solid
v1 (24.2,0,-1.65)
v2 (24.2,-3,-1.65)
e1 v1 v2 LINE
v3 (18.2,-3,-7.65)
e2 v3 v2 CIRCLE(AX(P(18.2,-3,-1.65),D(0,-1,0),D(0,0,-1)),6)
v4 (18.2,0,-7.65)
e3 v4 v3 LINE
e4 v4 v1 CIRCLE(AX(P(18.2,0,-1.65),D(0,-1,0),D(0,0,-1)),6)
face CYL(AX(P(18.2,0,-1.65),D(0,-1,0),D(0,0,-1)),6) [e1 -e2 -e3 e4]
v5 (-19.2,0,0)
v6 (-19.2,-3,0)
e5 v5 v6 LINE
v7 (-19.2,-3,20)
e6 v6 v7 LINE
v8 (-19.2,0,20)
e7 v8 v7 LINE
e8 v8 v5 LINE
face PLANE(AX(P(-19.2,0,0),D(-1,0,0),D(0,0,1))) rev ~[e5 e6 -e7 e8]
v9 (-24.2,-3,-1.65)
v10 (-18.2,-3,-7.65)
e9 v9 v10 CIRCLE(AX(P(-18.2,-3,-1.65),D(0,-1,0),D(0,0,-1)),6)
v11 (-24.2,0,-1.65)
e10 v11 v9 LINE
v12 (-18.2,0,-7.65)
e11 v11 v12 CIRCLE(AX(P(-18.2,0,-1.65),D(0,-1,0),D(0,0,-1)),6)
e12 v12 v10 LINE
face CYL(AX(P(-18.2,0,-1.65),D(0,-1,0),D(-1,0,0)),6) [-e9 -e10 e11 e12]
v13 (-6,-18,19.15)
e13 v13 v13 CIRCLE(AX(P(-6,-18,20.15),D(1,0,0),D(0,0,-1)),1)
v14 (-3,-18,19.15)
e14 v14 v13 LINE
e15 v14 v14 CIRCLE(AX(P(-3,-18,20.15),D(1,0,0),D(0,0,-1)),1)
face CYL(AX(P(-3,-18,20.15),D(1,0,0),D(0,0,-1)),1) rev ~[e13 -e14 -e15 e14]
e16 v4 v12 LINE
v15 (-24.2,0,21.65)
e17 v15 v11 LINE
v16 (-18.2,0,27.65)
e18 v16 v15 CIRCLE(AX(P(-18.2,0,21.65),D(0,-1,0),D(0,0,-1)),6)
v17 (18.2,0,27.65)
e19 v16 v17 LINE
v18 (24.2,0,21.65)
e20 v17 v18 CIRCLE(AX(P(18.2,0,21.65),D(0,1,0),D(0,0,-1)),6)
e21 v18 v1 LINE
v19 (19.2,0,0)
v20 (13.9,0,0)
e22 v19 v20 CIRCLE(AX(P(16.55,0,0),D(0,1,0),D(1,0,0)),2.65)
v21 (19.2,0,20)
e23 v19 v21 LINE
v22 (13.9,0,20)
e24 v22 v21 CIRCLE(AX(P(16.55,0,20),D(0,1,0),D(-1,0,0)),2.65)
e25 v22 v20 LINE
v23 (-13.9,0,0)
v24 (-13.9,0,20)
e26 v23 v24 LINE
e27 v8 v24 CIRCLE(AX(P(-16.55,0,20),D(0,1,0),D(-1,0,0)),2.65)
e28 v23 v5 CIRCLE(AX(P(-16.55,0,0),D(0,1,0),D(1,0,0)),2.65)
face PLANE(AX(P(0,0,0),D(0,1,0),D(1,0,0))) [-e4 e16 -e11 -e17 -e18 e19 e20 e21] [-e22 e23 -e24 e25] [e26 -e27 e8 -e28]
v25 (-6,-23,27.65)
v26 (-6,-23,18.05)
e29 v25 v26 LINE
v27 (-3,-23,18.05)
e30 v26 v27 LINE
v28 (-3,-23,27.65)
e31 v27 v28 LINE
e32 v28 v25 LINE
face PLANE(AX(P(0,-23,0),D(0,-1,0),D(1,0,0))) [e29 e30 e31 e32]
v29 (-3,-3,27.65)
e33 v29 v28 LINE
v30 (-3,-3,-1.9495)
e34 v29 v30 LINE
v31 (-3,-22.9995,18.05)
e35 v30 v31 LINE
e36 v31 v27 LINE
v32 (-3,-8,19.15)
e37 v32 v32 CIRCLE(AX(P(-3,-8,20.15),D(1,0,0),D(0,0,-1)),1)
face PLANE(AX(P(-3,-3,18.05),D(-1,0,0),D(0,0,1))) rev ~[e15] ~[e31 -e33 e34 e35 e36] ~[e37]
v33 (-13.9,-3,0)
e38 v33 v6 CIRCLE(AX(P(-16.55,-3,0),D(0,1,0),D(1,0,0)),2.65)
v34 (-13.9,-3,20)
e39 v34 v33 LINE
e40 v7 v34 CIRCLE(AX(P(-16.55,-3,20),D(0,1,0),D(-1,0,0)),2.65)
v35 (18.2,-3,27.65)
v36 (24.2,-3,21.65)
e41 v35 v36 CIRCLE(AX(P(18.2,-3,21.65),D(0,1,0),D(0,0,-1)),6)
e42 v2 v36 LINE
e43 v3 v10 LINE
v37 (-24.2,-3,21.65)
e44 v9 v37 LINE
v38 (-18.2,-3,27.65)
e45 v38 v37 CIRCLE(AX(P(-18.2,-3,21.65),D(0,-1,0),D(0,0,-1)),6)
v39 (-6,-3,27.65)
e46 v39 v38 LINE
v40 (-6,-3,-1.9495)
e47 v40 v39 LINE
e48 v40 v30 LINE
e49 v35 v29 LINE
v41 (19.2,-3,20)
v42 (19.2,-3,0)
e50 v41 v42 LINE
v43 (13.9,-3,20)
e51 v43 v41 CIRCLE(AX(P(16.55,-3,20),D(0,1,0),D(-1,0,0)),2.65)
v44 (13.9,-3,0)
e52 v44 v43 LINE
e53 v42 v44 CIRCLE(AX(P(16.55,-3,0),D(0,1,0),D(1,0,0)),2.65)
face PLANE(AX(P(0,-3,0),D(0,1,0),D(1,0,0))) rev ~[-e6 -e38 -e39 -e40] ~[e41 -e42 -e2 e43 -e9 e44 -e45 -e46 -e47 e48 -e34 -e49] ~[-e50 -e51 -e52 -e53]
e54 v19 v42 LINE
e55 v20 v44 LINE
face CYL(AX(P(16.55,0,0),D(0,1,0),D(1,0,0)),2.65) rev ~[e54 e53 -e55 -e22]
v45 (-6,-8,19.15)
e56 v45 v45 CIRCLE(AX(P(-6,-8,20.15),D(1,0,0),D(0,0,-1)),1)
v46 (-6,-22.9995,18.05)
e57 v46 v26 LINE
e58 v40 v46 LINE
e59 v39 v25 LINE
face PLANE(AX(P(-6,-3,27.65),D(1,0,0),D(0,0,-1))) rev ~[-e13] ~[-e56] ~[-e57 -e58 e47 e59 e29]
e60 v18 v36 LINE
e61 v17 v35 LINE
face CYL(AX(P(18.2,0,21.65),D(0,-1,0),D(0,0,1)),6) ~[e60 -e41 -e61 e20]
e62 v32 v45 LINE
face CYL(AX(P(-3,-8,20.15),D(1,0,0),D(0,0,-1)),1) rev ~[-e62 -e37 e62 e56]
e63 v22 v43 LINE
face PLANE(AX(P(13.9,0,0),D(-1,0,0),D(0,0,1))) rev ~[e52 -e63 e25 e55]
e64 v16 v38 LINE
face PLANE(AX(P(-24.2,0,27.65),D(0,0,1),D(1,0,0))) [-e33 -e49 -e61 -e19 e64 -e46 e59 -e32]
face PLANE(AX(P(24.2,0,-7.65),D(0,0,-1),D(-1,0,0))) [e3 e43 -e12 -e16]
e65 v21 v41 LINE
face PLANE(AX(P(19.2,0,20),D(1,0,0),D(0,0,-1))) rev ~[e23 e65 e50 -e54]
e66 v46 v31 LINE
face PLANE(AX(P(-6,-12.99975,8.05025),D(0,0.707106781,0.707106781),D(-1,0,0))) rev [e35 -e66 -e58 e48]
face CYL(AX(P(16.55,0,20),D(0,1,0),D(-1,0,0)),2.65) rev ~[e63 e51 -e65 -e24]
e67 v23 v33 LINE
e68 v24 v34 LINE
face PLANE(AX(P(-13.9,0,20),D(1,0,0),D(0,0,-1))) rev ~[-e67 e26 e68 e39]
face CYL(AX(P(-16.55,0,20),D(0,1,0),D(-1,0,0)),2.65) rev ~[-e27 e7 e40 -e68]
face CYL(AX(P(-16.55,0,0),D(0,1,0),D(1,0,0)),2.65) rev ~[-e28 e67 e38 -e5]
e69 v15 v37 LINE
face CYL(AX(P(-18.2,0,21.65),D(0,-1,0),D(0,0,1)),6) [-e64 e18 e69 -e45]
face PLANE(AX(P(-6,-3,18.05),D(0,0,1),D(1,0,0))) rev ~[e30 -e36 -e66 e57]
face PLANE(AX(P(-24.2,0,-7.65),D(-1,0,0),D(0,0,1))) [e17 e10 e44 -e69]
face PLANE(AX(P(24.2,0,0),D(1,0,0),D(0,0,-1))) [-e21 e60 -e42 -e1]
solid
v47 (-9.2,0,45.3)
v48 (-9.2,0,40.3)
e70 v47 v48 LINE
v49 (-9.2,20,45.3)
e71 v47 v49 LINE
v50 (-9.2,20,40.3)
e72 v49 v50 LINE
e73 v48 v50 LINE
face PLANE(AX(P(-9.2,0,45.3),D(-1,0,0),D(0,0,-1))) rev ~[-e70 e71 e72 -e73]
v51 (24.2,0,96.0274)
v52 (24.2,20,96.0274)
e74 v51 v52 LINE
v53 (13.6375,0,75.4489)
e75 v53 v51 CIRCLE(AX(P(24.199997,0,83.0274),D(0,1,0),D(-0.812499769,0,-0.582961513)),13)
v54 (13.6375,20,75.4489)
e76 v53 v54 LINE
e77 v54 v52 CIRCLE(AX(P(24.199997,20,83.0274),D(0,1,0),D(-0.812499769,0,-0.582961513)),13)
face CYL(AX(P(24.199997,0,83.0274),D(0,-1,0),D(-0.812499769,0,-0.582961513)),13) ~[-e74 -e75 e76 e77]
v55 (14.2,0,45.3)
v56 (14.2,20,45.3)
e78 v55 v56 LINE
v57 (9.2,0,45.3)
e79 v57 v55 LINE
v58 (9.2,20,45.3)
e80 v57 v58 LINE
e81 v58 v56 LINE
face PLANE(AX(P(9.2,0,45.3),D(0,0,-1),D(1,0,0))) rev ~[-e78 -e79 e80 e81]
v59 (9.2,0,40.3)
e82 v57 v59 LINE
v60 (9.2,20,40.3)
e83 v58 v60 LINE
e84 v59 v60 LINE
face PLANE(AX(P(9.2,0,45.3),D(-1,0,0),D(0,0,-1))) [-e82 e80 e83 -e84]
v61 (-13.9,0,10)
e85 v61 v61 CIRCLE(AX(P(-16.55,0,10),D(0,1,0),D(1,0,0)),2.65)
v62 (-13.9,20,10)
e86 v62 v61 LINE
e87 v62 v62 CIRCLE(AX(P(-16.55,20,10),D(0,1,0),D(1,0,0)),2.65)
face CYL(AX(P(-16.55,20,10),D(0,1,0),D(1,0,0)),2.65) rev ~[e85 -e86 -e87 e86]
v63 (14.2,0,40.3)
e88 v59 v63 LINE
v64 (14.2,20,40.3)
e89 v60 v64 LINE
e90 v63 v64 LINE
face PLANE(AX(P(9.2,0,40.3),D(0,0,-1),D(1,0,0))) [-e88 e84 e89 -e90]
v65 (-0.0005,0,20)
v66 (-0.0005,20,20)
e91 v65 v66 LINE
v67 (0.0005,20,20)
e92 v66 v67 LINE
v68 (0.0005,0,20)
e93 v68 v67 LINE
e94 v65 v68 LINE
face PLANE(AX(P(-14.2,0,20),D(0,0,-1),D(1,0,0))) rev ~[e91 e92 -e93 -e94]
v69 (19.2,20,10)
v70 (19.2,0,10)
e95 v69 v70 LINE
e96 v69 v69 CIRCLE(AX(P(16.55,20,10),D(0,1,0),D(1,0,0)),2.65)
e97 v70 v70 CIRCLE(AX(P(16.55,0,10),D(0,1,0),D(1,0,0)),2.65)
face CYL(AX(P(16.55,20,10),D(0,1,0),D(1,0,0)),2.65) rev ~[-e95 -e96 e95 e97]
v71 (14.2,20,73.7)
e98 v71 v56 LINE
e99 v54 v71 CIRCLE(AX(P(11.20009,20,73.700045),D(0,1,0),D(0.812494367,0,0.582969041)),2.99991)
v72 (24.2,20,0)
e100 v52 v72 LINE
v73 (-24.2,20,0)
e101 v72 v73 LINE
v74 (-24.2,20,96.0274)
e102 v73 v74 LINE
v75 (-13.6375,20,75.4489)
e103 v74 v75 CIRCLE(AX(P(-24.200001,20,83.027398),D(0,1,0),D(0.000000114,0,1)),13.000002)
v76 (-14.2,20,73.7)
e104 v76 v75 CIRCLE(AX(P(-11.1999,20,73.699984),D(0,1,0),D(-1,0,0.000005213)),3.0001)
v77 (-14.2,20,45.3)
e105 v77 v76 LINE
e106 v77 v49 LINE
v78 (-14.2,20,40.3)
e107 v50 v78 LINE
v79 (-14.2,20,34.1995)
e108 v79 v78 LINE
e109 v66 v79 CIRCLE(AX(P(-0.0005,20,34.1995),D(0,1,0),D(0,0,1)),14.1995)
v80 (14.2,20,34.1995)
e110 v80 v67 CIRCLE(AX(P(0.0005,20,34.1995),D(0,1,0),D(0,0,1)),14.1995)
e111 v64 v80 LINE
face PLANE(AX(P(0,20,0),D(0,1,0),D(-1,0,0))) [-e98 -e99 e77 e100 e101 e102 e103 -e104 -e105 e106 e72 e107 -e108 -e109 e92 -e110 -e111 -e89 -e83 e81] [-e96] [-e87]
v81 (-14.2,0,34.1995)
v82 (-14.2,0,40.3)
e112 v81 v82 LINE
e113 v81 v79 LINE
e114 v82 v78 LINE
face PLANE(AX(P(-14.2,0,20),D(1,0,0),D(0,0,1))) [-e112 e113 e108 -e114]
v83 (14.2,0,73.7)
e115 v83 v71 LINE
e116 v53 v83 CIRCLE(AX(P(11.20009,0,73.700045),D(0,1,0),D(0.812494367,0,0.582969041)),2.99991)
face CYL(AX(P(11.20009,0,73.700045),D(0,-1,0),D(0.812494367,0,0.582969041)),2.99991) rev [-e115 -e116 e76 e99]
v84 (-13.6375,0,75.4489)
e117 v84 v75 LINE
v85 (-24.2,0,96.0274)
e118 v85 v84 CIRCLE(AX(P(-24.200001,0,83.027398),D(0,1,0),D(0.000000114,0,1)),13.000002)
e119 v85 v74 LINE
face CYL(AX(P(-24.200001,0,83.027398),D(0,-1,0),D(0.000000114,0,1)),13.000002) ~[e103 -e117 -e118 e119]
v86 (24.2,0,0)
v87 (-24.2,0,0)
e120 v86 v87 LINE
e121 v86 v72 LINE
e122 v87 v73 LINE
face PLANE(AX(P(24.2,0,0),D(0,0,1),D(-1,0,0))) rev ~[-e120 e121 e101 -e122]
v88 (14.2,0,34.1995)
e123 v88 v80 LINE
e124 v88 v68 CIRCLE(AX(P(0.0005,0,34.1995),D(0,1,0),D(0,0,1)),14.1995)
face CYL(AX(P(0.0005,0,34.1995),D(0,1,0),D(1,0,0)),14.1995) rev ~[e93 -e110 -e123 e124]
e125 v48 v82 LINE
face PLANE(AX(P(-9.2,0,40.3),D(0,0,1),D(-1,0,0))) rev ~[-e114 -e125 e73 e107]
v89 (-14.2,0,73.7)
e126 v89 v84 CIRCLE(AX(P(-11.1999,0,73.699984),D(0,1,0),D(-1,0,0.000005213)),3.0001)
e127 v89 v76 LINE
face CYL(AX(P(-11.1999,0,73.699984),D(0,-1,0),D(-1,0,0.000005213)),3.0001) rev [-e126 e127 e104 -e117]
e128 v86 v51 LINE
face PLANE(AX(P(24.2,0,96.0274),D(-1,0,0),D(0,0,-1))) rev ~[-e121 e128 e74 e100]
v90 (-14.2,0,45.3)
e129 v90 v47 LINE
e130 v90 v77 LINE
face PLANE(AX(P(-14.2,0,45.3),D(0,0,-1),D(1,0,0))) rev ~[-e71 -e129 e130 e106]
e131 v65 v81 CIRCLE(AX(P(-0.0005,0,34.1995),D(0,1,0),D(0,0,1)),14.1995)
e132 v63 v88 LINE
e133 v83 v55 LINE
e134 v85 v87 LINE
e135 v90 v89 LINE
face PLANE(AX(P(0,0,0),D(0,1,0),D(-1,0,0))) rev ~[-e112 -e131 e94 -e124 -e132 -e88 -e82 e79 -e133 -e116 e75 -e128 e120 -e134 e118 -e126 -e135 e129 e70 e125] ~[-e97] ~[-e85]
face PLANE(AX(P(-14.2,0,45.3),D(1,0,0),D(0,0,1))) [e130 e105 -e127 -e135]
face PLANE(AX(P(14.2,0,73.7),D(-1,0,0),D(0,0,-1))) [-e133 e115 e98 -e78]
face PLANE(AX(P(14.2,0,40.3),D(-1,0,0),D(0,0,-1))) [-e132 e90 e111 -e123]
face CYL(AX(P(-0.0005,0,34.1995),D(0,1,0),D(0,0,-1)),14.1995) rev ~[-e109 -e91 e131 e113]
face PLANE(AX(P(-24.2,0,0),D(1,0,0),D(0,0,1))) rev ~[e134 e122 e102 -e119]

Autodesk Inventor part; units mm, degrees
ref_plane "YZ Plane" through (0, 0, 0) normal (1, 0, 0) x (0, 1, 0)
ref_plane "XZ Plane" through (0, 0, 0) normal (0, 1, 0) x (-1, 0, 0)
ref_plane "XY Plane" through (0, 0, 0) normal (0, 0, 1) x (1, 0, 0)
sketch "Sketch1" plane through (0, 0, 0) normal (0, 1, 0) x (-1, 0, 0)
  line L0 (14.2, 73.7) -> (-14.2, 73.7) construction
  line L1 (-14.2, 73.7) -> (-14.2, 20)
  line L2 (-14.2, 20) -> (14.2, 20) construction
  line L3 (14.2, 20) -> (14.2, 73.7)
  line L4 (-24.2, 96.0274) -> (-24.2, 20)
  line L5 (24.2, 96.0274) -> (24.2, 20)
  line L6 (-24.2, 20) -> (-14.2, 20)
  line L7 (24.2, 20) -> (14.2, 20)
  line L8 (-24.2, 0) -> (24.2, 0)
  line L9 (24.2, 0) -> (24.2, 20)
  line L10 (24.2, 20) -> (-24.2, 20)
  line L11 (-24.2, 20) -> (-24.2, 0)
  arc A0 (-13.6375, 75.4489) -> (-14.2, 73.7) centre (-11.2, 73.7) ccw
  arc A1 (14.2, 73.7) -> (13.6375, 75.4489) centre (11.2, 73.7) ccw
  arc A2 (24.2, 96.0274) -> (13.6375, 75.4489) centre (24.2, 83.0274) ccw
  arc A3 (-13.6375, 75.4489) -> (-24.2, 96.0274) centre (-24.2, 83.0274) ccw
  line L12 (11.2, 89.334) -> (11.2, 76.7208) construction
  line L13 (-11.2, 89.334) -> (-11.2, 76.7208) construction
  line L14 (-14.2, 73.7) -> (14.2, 73.7)
  line L15 (14.2, 73.7) -> (14.2, 45.3)
  line L16 (14.2, 45.3) -> (-14.2, 45.3)
  line L17 (-14.2, 45.3) -> (-14.2, 73.7)
  line L18 (-14.2, 45.3) -> (-9.2, 45.3)
  line L19 (-9.2, 45.3) -> (-9.2, 40.3)
  line L20 (-9.2, 40.3) -> (-14.2, 40.3)
  line L21 (-14.2, 40.3) -> (-14.2, 45.3)
  line L22 (14.2, 45.3) -> (9.2, 45.3)
  line L23 (9.2, 45.3) -> (9.2, 40.3)
  line L24 (9.2, 40.3) -> (14.2, 40.3)
  line L25 (14.2, 40.3) -> (14.2, 45.3)
  point P0 (0, 0)
  point P1 (0, 0)
  point P2 (-11.2, 83.0274)
  point P3 (11.2, 83.0274)
  point P4 (-11.7, 45.3)
  point P5 (-11.7, 40.3)
  dimension "d0" = 28.4
  dimension "d2" = 3
  dimension "d4" = 3
  dimension "d5" = 3
  dimension "d6" = 20
  dimension "d7" = 10
  dimension "d13" = 53.7
  dimension "d40" = 5
  dimension "d41" = 5
extrude "Extrusion1" add sketch "Sketch1" along normal blind 20 contours L1 L6 L4 A3 A0 | L16 L19 L20 L1 | A1 A2 L5 L7 L3 | L3 L24 L23 L16 | L10 L7 L9 L8 L11 L6
sketch "Sketch2" plane through (0, 20, 0) normal (0, 1, 0) x (1, 0, 0)
  line L0 (-14.2, -20) -> (14.2, -20) projected
  line L1 (0, -20) -> (0, 0) construction
  line L2 (24.2, -96.0274) -> (24.2, 0) projected
  line L3 (-24.2, 0) -> (-24.2, -96.0274) projected
  circle A0 centre (-16.55, -10) radius 2.65
  circle A1 centre (16.55, -10) radius 2.65
  line L4 (0, -10) -> (-24.2, -10) construction
  line L5 (-24.2, 0) -> (-24.2, -96.0274) projected
  line L6 (0, -10) -> (24.2, -10) construction
  dimension "d10" = 5.3
  dimension "d28" = 5
  dimension "d29" = 5
extrude "Extrusion2" cut sketch "Sketch2" against normal through all
fillet "Fillet1" radius 14.2 2 edges at (-14.2, 10, 20) (14.2, 10, 20)
sketch "Sketch4" plane through (0, 0, 0) normal (0, 1, 0) x (1, 0, 0)
  line L0 (-16.55, 0) -> (-16.55, -20) construction
  line L1 (-19.2, 0) -> (-19.2, -20)
  line L2 (-13.9, -20) -> (-13.9, 0)
  arc A0 (-13.9, 0) -> (-19.2, 0) centre (-16.55, 0) ccw
  arc A1 (-19.2, -20) -> (-13.9, -20) centre (-16.55, -20) ccw
  line L3 (16.55, 0) -> (16.55, -20) construction
  line L4 (13.9, 0) -> (13.9, -20)
  line L5 (19.2, -20) -> (19.2, 0)
  arc A2 (19.2, 0) -> (13.9, 0) centre (16.55, 0) ccw
  arc A3 (13.9, -20) -> (19.2, -20) centre (16.55, -20) ccw
  circle A4 centre (-16.55, -10) radius 2.65 projected
  circle A5 centre (16.55, -10) radius 2.65 projected
  circle A6 centre (16.55, -10) radius 2.65 projected
  circle A7 centre (-16.55, -10) radius 2.65 projected
  line L6 (-14.2, -73.7) -> (-14.2, -45.3) projected
  arc A8 (14.2, -34.2) -> (-14.2, -34.2) centre (0, -34.2) ccw projected
  line L7 (14.2, -34.2) -> (14.2, -40.3) projected
  arc A9 (13.6375, -75.4489) -> (14.2, -73.7) centre (11.2, -73.7) ccw projected
  arc A10 (13.6375, -75.4489) -> (24.2, -96.0274) centre (24.2, -83.0274) ccw projected
  line L8 (24.2, -96.0274) -> (24.2, 0) projected
  line L9 (24.2, 0) -> (-24.2, 0) projected
  line L10 (-24.2, 0) -> (-24.2, -96.0274) projected
  arc A11 (-24.2, -96.0274) -> (-13.6375, -75.4489) centre (-24.2, -83.0274) ccw projected
  arc A12 (-14.2, -73.7) -> (-13.6375, -75.4489) centre (-11.2, -73.7) ccw projected
  line L11 (-24.2, -27.65) -> (24.2, -27.65)
  line L12 (24.2, -27.65) -> (24.2, 7.65)
  line L13 (24.2, 7.65) -> (-24.2, 7.65)
  line L14 (-24.2, 7.65) -> (-24.2, -27.65)
  line L15 (-14.2, -45.3) -> (-9.2, -45.3) projected
  line L16 (-9.2, -45.3) -> (-9.2, -40.3) projected
  line L17 (-9.2, -40.3) -> (-14.2, -40.3) projected
  line L18 (-14.2, -40.3) -> (-14.2, -34.2) projected
  line L19 (14.2, -40.3) -> (9.2, -40.3) projected
  line L20 (9.2, -40.3) -> (9.2, -45.3) projected
  line L21 (9.2, -45.3) -> (14.2, -45.3) projected
  line L22 (14.2, -45.3) -> (14.2, -73.7) projected
  point P0 (0, 0)
  point P1 (-16.55, 2.65)
  point P2 (-16.55, -22.65)
  point P3 (-24.2, 0)
  dimension "d15" = 20
  dimension "d16" = 5
  dimension "d17" = 5
extrude "Extrusion3" add sketch "Sketch4" against normal blind 3 separate body contours L9 L14 L13 L12 A2 A0 | L1 A1 L2 L9 L4 A3 L5 L8 L11 A8 L10 | A8 L11
sketch "Sketch5" plane through (0, -3, 0) normal (0, -1, 0) x (1, 0, 0)
  line L0 (24.2, 27.65) -> (-24.2, 27.65) projected
  line L1 (0, 27.65) -> (0, -7.65)
  line L2 (-24.2, -7.65) -> (24.2, -7.65) projected
  line L3 (-3, 27.65) -> (-6, 27.65)
  line L4 (-6, 27.65) -> (-6, 18.05)
  line L5 (-6, 18.05) -> (-3, 18.05)
  line L6 (-3, 18.05) -> (-3, 27.65)
  point P0 (0, 0)
  point P1 (-4.5, 27.65)
  point P2 (-4.5, 18.05)
  point P3 (-6, 27.65)
  dimension "d20" = 3
  dimension "d21" = 3
  dimension "d37" = 9.6
extrude "Extrusion4" add sketch "Sketch5" along normal blind 20 bodies 2
chamfer "Chamfer1" distance 20 angle 45 1 edges at (-4.5, -3, 18.05)
fillet "Fillet2" radius 6 4 edges at (24.2, -1.5, 27.65) (24.2, -1.5, -7.65) (-24.2, -1.5, 27.65) (-24.2, -1.5, -7.65)
sketch "Sketch6" plane through (-3, -3, 27.65) normal (1, 0, 0) x (0, 0, -1)
  circle A0 centre (7.5, -15) radius 1
  circle A1 centre (7.5, -5) radius 1
  line L0 (7.5, -15) -> (7.5, -5) construction
  line L1 (0, 0) -> (0, -20) projected
  line L2 (6, 0) -> (0, 0) projected
  point P0 (27.65, 3)
  point P1 (0, -10)
  dimension "d33" = 10
  dimension "d34" = 2
  dimension "d38" = 7.5
  dimension "d39" = 5
extrude "Extrusion5" cut sketch "Sketch6" against normal blind 20 bodies 2
properties part number "Clip brazo"
